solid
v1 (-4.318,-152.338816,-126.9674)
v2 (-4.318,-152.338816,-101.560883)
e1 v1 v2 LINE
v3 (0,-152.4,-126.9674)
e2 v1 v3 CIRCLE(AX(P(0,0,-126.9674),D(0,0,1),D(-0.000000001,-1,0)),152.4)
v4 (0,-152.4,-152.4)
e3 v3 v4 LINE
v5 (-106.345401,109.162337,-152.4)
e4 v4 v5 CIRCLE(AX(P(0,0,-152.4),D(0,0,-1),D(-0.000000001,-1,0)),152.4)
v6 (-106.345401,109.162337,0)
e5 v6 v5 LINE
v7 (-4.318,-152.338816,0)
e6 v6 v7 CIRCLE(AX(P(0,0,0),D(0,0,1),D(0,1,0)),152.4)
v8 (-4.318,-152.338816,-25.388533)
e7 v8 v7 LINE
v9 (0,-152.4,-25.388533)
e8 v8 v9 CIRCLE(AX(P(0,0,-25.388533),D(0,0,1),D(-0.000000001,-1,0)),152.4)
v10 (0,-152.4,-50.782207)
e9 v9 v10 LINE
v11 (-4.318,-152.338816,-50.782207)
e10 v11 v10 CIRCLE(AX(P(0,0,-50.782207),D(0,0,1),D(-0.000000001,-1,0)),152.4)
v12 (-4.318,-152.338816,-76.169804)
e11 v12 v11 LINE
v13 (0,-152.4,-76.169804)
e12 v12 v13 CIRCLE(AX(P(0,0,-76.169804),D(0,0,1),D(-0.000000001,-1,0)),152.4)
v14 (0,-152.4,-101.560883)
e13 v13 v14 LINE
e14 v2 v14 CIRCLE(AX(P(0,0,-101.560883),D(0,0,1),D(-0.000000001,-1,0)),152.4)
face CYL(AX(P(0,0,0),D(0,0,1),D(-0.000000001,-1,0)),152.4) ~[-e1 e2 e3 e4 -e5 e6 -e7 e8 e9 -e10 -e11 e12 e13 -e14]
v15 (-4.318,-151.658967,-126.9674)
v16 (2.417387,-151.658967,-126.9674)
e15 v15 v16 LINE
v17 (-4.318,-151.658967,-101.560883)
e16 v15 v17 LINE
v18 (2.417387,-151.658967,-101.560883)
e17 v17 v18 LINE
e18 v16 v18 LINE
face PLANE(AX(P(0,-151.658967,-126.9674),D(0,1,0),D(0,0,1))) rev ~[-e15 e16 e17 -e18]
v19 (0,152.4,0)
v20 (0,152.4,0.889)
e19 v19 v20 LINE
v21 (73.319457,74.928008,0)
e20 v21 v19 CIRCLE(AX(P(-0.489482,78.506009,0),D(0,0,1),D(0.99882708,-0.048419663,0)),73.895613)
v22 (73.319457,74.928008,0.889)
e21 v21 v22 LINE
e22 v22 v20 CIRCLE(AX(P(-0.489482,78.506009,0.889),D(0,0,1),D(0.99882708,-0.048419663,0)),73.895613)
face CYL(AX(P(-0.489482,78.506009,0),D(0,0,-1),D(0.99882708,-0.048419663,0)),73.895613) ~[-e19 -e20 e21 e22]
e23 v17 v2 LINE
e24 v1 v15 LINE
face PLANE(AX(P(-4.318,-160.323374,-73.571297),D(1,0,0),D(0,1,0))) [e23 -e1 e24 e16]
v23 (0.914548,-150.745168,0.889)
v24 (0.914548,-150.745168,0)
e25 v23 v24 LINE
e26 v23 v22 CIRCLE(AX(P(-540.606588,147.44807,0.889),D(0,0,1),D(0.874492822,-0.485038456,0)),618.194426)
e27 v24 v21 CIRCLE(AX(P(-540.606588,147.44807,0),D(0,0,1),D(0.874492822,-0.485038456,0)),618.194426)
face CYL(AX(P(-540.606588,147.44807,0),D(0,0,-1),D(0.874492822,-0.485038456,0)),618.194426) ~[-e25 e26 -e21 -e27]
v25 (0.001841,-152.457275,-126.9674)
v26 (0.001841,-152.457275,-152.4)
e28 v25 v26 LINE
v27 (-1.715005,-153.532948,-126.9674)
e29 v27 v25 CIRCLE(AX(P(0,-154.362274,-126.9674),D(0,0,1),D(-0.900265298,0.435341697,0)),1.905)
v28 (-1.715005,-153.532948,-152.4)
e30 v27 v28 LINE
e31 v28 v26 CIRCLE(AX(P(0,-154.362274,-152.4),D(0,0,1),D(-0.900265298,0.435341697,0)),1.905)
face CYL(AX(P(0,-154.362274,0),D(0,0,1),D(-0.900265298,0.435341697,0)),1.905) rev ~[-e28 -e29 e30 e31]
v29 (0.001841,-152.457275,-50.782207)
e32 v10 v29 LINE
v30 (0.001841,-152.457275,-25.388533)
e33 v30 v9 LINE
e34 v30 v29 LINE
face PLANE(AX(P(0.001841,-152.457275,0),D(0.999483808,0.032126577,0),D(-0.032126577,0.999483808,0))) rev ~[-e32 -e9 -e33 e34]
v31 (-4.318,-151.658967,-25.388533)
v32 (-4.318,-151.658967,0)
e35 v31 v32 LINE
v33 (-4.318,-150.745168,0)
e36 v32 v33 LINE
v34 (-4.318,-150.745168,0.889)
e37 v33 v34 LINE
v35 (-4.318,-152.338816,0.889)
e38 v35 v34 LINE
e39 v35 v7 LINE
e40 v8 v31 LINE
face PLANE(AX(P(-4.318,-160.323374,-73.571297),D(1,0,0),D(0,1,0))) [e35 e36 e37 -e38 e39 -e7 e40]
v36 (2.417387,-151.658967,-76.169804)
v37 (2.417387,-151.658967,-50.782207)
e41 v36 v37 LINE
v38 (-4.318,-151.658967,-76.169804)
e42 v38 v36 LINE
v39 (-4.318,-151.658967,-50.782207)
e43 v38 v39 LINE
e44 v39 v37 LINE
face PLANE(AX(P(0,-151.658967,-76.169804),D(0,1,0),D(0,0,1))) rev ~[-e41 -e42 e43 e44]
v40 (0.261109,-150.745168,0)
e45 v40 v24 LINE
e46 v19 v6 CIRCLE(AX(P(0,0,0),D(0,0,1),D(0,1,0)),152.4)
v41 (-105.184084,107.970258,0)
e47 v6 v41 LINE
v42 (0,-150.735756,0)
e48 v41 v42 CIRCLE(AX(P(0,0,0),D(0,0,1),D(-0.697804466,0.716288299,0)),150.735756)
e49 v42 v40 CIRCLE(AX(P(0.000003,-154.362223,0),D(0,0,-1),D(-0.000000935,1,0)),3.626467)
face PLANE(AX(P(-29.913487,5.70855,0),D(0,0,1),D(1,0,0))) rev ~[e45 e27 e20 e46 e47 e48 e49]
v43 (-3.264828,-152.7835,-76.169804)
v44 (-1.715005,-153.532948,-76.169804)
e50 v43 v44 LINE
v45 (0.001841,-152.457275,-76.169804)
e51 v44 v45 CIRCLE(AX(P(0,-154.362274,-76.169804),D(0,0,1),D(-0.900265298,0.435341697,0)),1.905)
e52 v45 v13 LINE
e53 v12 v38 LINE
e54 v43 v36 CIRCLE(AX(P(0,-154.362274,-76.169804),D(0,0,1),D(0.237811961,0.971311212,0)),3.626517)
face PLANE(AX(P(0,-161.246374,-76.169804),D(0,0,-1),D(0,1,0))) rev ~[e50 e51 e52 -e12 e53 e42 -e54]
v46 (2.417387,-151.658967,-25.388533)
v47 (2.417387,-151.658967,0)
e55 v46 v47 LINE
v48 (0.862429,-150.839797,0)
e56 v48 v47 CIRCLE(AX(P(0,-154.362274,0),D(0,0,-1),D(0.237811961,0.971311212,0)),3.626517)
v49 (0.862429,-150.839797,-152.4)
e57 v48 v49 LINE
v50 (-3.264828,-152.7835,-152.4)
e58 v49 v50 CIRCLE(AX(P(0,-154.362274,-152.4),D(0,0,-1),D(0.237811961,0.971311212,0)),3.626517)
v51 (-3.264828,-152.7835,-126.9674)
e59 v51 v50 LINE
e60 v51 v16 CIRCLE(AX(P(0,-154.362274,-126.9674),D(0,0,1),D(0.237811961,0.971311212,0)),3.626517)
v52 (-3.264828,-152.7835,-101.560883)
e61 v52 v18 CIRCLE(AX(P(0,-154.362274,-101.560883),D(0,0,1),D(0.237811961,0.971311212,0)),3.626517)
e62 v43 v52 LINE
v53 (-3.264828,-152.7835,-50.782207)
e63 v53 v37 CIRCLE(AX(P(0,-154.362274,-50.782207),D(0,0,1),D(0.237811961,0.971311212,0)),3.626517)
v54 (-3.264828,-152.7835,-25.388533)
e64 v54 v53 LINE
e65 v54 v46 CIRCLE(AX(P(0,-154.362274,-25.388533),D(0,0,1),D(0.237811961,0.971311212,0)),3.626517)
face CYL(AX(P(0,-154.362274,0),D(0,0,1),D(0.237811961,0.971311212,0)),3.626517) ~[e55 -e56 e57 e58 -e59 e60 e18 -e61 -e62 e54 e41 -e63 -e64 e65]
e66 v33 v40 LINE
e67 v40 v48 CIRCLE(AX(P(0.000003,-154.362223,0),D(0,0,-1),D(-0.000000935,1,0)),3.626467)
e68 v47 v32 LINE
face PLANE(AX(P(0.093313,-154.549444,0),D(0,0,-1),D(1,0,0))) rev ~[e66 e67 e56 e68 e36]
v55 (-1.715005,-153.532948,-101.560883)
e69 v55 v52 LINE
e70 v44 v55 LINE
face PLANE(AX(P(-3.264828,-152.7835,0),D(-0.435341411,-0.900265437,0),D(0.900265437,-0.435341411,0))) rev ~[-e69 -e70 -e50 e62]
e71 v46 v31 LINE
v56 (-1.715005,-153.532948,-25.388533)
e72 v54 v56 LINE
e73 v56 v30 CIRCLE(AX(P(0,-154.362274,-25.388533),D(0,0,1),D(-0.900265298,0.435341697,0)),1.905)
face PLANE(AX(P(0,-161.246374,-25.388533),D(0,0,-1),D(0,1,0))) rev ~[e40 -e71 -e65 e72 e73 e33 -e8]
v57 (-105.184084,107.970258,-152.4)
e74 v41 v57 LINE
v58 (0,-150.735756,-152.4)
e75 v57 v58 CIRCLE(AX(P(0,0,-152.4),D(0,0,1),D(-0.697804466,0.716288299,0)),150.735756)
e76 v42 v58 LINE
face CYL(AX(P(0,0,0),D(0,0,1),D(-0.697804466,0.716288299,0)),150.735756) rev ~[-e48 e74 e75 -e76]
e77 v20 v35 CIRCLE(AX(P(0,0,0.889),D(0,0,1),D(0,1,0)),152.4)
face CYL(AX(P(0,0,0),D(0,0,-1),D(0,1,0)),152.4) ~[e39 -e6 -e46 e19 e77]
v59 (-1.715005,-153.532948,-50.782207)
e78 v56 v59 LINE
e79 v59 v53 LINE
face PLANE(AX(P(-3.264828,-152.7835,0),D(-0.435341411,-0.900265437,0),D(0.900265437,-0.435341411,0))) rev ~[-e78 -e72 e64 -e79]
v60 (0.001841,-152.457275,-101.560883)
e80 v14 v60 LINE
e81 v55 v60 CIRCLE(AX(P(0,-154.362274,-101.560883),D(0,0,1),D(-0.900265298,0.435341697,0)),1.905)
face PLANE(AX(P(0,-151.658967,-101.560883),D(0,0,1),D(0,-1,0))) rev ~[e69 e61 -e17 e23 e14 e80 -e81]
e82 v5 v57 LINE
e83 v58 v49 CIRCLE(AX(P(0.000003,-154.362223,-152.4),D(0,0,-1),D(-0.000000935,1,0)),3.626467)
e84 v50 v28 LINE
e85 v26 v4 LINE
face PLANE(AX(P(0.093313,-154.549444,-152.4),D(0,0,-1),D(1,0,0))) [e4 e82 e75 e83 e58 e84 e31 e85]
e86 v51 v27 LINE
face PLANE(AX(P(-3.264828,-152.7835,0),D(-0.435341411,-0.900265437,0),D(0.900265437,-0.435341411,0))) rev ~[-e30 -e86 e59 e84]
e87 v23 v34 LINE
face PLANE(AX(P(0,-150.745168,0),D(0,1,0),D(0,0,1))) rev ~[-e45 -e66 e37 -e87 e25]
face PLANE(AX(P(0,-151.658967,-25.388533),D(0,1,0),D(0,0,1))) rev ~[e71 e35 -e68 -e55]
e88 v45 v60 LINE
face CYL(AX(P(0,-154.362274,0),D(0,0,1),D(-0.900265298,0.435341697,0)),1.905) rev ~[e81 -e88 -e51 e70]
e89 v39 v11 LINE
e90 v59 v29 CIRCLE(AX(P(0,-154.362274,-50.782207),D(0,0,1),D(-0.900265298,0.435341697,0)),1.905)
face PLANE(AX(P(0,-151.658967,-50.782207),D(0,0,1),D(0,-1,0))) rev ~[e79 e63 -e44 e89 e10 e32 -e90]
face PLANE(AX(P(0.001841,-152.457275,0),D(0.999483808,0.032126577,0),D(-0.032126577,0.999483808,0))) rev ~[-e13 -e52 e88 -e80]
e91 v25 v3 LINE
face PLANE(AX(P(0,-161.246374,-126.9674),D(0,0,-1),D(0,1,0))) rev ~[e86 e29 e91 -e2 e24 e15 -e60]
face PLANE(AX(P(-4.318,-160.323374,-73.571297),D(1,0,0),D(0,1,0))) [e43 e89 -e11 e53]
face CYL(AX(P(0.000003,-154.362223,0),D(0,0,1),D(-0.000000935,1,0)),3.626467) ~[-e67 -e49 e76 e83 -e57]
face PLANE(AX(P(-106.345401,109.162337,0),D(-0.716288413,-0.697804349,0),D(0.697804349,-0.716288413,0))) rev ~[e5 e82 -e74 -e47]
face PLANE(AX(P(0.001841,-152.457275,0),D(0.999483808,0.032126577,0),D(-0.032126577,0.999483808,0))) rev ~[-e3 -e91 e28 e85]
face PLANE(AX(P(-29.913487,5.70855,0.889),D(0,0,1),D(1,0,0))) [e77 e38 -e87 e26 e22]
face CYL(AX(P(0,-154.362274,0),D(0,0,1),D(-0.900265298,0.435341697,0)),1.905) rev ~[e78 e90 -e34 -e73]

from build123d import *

# Parameters (mm, degrees)
F1_DEPTH = 0.889
F3_DEPTH = 152.4
F5_DEPTH = 4.318


with BuildPart() as f1:
    # F0 (on Top) → F1 (new body)
    with BuildSketch(Plane.XY):
        with BuildLine():
            ThreePointArc((73.319457, 74.928008), (53.181192, 129.299909), (0, 152.4))
            ThreePointArc((0, 152.4), (-152.4, 0), (0, -152.4))
            ThreePointArc((0, -152.4), (47.743568, -42.310835), (73.319457, 74.928008))
        make_face()
    extrude(amount=F1_DEPTH)

    # F2 (on face) → F3 (join)
    with BuildSketch(Plane(origin=(0, 0, 0), x_dir=(1, 0, 0), z_dir=(0, 0, -1))):
        with BuildLine():
            Line((0.001841, 152.457275), (0, 152.4))
            ThreePointArc((0, 152.4), (0.431777, 151.620209), (0.862429, 150.839797))
            ThreePointArc((0.862429, 150.839797), (1.545113, 157.643166), (-3.264828, 152.7835))
            Line((-3.264828, 152.7835), (-1.715005, 153.532948))
            ThreePointArc((-1.715005, 153.532948), (1.011435, 155.976592), (0.001841, 152.457275))
        make_face()
        with BuildLine():
            ThreePointArc((0.862429, 150.839797), (0.431777, 151.620209), (0, 152.4))
            ThreePointArc((0, 152.4), (-141.177371, 57.399564), (-106.345401, -109.162337))
            Line((-106.345401, -109.162337), (-105.184084, -107.970258))
            ThreePointArc((-105.184084, -107.970258), (-139.635681, 56.772747), (0, 150.735756))
            ThreePointArc((0, 150.735756), (0.434341, 150.76186), (0.862429, 150.839797))
        make_face()
    extrude(amount=F3_DEPTH)

    # F4 (on Right) → F5 (cut, symmetric)
    with BuildSketch(Plane.YZ):
        Polygon((-151.658967, 0), (-150.745168, 0), (-150.745168, 1.181528), (-161.246374, 1.181528), (-161.246374, 0), (-165.631473, 0), (-165.631473, -152.882606), (-161.246374, -152.882606), (-161.246374, -126.9674), (-151.658967, -126.9674), (-151.658967, -101.560883), (-161.246374, -101.560883), (-161.246374, -76.169804), (-151.658967, -76.169804), (-151.658967, -50.782207), (-161.246374, -50.782207), (-161.246374, -25.388533), (-151.658967, -25.388533), align=None)
    extrude(amount=F5_DEPTH, both=True, mode=Mode.SUBTRACT)


solid = f1.part
